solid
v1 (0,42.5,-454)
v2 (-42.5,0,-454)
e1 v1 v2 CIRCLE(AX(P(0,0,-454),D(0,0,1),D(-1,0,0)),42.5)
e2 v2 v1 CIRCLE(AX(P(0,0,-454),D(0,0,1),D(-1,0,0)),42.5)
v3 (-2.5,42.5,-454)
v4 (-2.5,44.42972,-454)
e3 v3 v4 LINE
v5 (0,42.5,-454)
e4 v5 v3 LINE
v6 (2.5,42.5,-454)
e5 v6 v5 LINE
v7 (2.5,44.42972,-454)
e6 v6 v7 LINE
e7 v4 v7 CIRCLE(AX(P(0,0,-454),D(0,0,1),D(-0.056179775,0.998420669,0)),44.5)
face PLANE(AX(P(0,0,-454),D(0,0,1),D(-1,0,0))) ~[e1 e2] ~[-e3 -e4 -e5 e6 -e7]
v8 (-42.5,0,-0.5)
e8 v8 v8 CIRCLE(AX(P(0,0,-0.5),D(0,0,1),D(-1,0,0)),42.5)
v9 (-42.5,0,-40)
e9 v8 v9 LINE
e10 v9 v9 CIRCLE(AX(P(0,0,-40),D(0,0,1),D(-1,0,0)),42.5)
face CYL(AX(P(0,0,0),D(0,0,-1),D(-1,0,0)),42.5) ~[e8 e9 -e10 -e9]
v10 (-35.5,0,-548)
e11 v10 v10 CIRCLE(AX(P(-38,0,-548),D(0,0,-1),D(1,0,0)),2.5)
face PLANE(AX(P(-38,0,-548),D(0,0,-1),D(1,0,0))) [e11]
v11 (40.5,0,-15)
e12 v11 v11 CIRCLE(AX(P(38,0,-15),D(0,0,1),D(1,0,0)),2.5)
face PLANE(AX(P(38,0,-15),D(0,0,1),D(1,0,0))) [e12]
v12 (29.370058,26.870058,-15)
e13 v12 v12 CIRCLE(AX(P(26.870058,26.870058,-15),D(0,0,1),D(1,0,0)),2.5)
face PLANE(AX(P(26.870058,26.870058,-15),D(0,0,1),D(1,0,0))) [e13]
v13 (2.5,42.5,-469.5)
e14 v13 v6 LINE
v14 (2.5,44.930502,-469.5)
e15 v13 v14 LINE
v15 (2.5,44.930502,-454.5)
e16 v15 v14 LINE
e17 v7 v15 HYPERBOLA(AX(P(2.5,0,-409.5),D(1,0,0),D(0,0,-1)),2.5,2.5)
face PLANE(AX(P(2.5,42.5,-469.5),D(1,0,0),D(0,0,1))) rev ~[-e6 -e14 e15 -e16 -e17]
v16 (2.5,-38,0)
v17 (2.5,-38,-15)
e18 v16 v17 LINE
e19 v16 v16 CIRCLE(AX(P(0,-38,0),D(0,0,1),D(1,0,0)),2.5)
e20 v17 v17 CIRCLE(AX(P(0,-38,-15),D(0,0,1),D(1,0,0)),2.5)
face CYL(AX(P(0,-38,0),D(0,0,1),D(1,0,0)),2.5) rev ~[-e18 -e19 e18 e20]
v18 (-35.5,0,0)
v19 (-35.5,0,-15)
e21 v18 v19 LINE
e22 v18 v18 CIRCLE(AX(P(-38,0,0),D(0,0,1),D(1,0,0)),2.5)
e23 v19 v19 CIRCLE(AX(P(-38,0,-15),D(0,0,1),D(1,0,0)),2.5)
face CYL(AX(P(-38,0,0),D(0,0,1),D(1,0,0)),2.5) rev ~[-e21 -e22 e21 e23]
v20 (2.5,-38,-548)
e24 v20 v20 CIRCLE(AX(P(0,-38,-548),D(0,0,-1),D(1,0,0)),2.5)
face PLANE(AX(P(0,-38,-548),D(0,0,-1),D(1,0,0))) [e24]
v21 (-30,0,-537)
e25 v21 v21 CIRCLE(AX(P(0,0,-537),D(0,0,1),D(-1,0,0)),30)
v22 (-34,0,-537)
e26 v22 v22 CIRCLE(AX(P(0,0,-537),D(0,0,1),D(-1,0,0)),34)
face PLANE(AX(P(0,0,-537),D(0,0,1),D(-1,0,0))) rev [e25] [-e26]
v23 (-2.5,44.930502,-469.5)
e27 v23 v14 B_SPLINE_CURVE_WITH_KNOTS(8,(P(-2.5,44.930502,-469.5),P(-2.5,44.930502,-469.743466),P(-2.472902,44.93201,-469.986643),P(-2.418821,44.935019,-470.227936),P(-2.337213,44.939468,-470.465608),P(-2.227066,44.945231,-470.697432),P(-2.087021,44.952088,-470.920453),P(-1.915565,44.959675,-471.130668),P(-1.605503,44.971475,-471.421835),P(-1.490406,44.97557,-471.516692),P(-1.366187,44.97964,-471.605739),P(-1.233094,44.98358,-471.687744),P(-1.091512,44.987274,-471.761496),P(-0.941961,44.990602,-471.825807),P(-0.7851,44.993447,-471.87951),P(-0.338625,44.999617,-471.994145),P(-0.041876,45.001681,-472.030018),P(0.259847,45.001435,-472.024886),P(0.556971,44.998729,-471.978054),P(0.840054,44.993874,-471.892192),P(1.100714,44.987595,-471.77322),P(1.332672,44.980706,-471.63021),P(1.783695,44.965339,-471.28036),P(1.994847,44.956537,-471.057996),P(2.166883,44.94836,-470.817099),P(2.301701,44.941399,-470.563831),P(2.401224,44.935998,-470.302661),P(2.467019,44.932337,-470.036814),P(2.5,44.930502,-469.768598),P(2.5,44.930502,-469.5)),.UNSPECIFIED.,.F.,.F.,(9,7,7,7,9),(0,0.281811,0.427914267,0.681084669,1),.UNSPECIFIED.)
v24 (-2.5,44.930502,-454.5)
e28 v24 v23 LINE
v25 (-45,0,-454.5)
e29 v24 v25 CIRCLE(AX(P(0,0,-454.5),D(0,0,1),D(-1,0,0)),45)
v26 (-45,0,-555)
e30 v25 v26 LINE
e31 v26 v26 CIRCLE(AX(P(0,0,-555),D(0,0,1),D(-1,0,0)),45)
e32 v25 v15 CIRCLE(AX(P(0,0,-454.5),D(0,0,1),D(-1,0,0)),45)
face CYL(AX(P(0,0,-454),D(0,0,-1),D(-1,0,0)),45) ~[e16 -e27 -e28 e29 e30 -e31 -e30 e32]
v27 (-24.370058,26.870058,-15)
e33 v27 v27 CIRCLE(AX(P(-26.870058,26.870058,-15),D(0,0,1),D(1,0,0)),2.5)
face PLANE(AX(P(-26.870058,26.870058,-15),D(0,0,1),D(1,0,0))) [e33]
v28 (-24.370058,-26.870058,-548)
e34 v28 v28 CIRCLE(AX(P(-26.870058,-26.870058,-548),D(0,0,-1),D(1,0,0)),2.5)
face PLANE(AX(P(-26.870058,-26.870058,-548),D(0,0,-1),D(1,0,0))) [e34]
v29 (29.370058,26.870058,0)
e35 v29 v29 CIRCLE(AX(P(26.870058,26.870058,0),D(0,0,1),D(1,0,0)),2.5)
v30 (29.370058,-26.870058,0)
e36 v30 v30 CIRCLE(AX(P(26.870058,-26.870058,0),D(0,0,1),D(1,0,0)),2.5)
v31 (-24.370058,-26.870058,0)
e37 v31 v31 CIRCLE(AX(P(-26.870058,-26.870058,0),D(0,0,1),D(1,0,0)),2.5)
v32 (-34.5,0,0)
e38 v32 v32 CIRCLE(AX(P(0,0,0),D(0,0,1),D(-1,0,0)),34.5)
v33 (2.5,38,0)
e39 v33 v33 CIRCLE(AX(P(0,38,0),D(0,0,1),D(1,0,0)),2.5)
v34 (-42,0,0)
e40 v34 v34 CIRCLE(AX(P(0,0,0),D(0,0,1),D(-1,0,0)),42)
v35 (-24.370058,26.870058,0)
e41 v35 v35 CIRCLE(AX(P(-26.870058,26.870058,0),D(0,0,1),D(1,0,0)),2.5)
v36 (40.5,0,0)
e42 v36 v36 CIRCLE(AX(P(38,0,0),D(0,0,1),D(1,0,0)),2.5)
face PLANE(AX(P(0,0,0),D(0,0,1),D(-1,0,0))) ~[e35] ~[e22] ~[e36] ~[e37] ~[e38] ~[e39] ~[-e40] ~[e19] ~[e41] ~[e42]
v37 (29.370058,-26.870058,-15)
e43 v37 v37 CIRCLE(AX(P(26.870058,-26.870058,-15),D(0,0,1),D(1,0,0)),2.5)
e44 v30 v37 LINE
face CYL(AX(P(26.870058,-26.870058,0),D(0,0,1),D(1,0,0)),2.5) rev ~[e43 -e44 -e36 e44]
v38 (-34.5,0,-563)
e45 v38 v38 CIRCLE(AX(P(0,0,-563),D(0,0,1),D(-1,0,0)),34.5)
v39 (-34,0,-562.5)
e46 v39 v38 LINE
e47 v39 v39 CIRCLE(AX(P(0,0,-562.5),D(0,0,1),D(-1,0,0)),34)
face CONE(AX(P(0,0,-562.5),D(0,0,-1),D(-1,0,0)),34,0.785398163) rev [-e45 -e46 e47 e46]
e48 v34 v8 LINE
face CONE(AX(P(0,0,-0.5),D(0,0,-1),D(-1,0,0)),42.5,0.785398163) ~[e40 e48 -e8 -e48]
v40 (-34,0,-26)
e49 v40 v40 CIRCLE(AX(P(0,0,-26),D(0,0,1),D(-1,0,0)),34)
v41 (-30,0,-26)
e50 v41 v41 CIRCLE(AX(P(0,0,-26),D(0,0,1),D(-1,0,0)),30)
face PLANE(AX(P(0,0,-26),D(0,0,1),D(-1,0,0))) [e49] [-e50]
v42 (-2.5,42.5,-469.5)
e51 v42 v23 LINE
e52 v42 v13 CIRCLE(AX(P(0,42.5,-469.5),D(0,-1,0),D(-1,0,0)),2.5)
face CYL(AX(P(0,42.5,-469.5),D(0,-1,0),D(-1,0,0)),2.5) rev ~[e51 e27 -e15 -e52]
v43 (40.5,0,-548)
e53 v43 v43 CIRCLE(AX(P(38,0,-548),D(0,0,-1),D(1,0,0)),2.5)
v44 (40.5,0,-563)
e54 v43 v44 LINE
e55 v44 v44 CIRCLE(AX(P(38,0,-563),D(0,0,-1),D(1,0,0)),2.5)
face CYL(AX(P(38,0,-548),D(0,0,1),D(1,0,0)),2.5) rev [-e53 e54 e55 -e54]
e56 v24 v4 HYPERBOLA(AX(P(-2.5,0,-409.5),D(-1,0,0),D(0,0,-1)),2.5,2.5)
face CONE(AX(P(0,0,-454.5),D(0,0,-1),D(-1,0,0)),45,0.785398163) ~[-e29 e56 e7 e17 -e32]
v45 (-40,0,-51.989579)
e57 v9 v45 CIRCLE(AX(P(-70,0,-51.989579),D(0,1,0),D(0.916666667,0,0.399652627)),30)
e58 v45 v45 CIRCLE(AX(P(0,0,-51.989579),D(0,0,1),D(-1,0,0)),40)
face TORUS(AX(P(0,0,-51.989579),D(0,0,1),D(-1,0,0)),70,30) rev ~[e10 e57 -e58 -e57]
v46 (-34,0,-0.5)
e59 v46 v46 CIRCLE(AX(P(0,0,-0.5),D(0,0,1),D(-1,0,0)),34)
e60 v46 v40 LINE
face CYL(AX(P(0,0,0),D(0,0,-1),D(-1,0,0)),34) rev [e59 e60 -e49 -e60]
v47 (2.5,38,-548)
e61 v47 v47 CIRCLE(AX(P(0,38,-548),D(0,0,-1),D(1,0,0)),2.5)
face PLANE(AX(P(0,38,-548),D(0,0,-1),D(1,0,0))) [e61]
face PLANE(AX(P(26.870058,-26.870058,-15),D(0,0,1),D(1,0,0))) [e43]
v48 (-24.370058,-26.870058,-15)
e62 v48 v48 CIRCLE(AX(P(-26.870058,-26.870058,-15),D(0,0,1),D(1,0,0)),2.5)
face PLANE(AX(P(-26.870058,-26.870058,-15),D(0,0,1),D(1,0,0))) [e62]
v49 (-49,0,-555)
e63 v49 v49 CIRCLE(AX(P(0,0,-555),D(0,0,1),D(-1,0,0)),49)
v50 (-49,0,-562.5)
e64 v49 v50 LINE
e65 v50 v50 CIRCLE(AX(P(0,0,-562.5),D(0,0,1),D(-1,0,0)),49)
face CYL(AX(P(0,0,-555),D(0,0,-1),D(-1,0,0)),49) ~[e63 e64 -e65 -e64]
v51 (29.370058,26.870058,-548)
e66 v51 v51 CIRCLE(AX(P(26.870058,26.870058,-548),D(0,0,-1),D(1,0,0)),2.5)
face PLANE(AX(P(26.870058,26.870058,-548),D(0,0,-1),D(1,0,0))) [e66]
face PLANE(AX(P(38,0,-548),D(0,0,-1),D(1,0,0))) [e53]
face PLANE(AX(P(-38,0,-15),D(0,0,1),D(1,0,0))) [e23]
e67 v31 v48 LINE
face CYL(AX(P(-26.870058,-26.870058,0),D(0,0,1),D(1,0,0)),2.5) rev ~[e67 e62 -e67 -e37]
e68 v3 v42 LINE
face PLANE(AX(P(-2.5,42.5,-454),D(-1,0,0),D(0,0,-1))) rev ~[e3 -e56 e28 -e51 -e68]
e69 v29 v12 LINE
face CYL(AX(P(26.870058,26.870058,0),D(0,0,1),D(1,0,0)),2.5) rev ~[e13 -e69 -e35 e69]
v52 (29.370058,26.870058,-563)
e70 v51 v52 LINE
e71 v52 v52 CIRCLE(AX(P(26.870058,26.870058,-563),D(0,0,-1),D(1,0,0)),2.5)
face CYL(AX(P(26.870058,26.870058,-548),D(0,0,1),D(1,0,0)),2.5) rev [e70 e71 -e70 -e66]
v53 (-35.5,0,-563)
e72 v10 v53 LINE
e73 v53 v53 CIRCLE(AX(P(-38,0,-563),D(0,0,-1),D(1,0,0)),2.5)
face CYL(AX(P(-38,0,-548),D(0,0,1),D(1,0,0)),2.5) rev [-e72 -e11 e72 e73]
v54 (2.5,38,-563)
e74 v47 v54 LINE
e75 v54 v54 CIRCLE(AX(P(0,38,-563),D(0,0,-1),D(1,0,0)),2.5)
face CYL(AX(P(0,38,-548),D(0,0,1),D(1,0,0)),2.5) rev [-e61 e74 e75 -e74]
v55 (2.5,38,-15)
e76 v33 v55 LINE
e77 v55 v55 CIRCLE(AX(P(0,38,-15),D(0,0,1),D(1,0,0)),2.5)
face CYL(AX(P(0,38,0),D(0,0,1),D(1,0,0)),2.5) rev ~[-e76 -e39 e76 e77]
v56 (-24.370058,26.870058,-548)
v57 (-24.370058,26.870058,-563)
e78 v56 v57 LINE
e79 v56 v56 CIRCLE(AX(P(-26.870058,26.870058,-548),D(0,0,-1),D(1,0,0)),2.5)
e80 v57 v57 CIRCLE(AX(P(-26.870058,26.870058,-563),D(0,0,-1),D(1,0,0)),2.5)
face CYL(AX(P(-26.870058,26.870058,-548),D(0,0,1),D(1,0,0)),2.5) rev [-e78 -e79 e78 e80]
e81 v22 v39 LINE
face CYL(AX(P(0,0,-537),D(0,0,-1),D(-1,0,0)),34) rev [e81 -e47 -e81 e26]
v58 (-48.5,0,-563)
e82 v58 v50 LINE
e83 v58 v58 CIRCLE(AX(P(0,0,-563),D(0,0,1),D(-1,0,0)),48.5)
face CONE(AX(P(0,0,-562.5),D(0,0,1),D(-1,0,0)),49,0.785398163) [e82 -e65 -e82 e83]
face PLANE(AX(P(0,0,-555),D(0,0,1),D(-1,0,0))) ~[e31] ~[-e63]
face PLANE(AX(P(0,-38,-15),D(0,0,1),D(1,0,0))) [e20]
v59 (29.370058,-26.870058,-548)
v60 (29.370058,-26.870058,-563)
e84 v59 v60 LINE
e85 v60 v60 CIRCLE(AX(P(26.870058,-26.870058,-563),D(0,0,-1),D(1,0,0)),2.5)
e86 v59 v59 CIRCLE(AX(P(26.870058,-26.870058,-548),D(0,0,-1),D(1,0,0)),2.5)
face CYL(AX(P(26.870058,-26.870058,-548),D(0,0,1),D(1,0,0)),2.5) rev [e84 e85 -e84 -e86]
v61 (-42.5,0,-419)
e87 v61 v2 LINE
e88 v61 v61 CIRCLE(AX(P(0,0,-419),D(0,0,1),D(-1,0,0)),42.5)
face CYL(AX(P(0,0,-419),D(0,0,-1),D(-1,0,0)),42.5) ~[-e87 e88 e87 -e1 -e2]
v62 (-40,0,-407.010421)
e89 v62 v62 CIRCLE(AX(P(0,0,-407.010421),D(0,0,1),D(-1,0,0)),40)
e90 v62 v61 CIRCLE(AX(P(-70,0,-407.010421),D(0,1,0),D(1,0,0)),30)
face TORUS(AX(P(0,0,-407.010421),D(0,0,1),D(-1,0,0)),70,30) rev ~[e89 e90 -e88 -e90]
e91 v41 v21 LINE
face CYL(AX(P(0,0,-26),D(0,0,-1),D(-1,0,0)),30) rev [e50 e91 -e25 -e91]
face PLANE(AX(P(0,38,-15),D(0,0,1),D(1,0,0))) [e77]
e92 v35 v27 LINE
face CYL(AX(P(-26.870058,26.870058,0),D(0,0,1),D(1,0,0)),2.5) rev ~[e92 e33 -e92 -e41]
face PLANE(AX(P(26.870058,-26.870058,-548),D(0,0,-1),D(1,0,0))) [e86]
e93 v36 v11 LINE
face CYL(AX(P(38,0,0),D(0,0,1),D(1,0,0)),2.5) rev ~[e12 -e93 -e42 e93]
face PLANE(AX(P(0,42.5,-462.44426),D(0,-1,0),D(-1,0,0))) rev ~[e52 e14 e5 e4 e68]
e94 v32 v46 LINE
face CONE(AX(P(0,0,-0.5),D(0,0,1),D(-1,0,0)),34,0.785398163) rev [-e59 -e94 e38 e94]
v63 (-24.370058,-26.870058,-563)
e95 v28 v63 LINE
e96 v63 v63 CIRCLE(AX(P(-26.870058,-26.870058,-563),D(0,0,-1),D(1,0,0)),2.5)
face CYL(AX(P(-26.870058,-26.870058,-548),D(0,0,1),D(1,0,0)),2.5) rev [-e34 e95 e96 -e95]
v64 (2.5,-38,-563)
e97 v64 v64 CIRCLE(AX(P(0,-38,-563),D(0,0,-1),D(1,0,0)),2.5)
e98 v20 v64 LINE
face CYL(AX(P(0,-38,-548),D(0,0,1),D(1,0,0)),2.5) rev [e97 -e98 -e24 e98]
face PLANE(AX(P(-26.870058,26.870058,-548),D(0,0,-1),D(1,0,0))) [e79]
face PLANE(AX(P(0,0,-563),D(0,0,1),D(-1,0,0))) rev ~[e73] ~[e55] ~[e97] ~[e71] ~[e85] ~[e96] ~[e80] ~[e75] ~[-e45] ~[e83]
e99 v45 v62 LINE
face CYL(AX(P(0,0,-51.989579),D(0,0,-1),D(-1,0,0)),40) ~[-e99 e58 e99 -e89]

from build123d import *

# Parameters (mm, degrees)
SKETCH_3_R          = 2.5
CUT_EXTRUDE_1_DEPTH = 15
CUT_EXTRUDE_START   = -15
SKETCH_4_R          = 2.5
CUT_EXTRUDE_2_DEPTH = 15
CHAMFER_1_SIZE      = 0.5
CUT_EXTRUDE_3_DEPTH = 15


with BuildPart() as part:
    # 草图1 → 旋转1 (revolve)
    with BuildSketch(Plane(origin=(0, 0, 0), x_dir=(0, 0, -1), z_dir=(1, 0, 0)), mode=Mode.PRIVATE) as revolve_1_sk:
        with BuildLine():
            Line((0, 0), (0, 42.5))
            Line((0, 42.5), (40, 42.5))
            ThreePointArc((40, 42.5), (45.865854451, 40.631649689), (51.989578808, 40))
            Line((51.989578808, 40), (407.010421192, 40))
            ThreePointArc((407.010421192, 40), (413.134145549, 40.631649689), (419, 42.5))
            Line((419, 42.5), (454, 42.5))
            Line((454, 42.5), (454, 45))
            Line((454, 45), (555, 45))
            Line((555, 45), (555, 49))
            Line((555, 49), (563, 49))
            Line((563, 49), (563, 0))
            Line((563, 0), (0, 0))
        make_face()
    revolve(revolve_1_sk.sketch.rotate(Axis((0, 0, 0), (0, 0, 1)), 90), axis=Axis((0, 0, 0), (0, 0, 1)))

    # 草图2 → 切除-旋转1 (revolve, cut)
    with BuildSketch(Plane(origin=(0, 0, 0), x_dir=(0, 0, -1), z_dir=(1, 0, 0)), mode=Mode.PRIVATE) as cut_revolve_1_sk:
        Polygon((0, 0), (0, 34), (26, 34), (26, 30), (537, 30), (537, 34), (563, 34), (563, 0), align=None)
    revolve(cut_revolve_1_sk.sketch.rotate(Axis((0, 0, 0), (0, 0, 1)), 90), axis=Axis((0, 0, 0), (0, 0, 1)), mode=Mode.SUBTRACT)

    # 草图3 → 切除-拉伸1 (cut)
    with BuildSketch(Plane.XY):
        with Locations((0, 38)):
            Circle(SKETCH_3_R)
        with Locations((26.870057685, 26.870057685)):
            Circle(SKETCH_3_R)
        with Locations((38, 0)):
            Circle(SKETCH_3_R)
        with Locations((26.870057685, -26.870057685)):
            Circle(SKETCH_3_R)
        with Locations((0, -38)):
            Circle(SKETCH_3_R)
        with Locations((-26.870057685, -26.870057685)):
            Circle(SKETCH_3_R)
        with Locations((-38, 0)):
            Circle(SKETCH_3_R)
        with Locations((-26.870057685, 26.870057685)):
            Circle(SKETCH_3_R)
    extrude(amount=-CUT_EXTRUDE_1_DEPTH, mode=Mode.SUBTRACT)

    # 草图4 → 切除-拉伸2 (cut)
    with BuildSketch(Plane(origin=(0, 0, -563), x_dir=(-1, 0, 0), z_dir=(0, 0, -1)).offset(CUT_EXTRUDE_START)):
        with Locations(Location((0, 38, 0), (0, 0, 180))):
            Circle(SKETCH_4_R)
        with Locations(Location((26.870057685, 26.870057685, 0), (0, 0, 180))):
            Circle(SKETCH_4_R)
        with Locations(Location((38, 0, 0), (0, 0, 180))):
            Circle(SKETCH_4_R)
        with Locations(Location((26.870057685, -26.870057685, 0), (0, 0, 180))):
            Circle(SKETCH_4_R)
        with Locations(Location((0, -38, 0), (0, 0, 180))):
            Circle(SKETCH_4_R)
        with Locations(Location((-26.870057685, -26.870057685, 0), (0, 0, 180))):
            Circle(SKETCH_4_R)
        with Locations(Location((-38, 0, 0), (0, 0, 180))):
            Circle(SKETCH_4_R)
        with Locations(Location((-26.870057685, 26.870057685, 0), (0, 0, 180))):
            Circle(SKETCH_4_R)
    extrude(amount=CUT_EXTRUDE_2_DEPTH, mode=Mode.SUBTRACT)

    # 倒角1
    chamfer_1_edges = [part.edges().sort_by_distance(p)[0] for p in [
        (45, 0, -454),
        (49, 0, -563),
        (34, 0, 0),
        (34, 0, -563),
        (42.5, 0, 0),
    ]]
    chamfer(chamfer_1_edges, length=CHAMFER_1_SIZE)

    # 草图5 → 切除-拉伸3 (cut)
    with BuildSketch(Plane(origin=(0, 42.5, 0), x_dir=(1, 0, 0), z_dir=(0, 1, 0))):
        with BuildLine():
            Line((-2.5, 454), (-2.5, 469.5))
            ThreePointArc((-2.5, 469.5), (0, 472), (2.5, 469.5))
            Line((2.5, 469.5), (2.5, 454))
            Line((2.5, 454), (-2.5, 454))
        make_face()
    extrude(amount=CUT_EXTRUDE_3_DEPTH, mode=Mode.SUBTRACT)


solid = part.part
